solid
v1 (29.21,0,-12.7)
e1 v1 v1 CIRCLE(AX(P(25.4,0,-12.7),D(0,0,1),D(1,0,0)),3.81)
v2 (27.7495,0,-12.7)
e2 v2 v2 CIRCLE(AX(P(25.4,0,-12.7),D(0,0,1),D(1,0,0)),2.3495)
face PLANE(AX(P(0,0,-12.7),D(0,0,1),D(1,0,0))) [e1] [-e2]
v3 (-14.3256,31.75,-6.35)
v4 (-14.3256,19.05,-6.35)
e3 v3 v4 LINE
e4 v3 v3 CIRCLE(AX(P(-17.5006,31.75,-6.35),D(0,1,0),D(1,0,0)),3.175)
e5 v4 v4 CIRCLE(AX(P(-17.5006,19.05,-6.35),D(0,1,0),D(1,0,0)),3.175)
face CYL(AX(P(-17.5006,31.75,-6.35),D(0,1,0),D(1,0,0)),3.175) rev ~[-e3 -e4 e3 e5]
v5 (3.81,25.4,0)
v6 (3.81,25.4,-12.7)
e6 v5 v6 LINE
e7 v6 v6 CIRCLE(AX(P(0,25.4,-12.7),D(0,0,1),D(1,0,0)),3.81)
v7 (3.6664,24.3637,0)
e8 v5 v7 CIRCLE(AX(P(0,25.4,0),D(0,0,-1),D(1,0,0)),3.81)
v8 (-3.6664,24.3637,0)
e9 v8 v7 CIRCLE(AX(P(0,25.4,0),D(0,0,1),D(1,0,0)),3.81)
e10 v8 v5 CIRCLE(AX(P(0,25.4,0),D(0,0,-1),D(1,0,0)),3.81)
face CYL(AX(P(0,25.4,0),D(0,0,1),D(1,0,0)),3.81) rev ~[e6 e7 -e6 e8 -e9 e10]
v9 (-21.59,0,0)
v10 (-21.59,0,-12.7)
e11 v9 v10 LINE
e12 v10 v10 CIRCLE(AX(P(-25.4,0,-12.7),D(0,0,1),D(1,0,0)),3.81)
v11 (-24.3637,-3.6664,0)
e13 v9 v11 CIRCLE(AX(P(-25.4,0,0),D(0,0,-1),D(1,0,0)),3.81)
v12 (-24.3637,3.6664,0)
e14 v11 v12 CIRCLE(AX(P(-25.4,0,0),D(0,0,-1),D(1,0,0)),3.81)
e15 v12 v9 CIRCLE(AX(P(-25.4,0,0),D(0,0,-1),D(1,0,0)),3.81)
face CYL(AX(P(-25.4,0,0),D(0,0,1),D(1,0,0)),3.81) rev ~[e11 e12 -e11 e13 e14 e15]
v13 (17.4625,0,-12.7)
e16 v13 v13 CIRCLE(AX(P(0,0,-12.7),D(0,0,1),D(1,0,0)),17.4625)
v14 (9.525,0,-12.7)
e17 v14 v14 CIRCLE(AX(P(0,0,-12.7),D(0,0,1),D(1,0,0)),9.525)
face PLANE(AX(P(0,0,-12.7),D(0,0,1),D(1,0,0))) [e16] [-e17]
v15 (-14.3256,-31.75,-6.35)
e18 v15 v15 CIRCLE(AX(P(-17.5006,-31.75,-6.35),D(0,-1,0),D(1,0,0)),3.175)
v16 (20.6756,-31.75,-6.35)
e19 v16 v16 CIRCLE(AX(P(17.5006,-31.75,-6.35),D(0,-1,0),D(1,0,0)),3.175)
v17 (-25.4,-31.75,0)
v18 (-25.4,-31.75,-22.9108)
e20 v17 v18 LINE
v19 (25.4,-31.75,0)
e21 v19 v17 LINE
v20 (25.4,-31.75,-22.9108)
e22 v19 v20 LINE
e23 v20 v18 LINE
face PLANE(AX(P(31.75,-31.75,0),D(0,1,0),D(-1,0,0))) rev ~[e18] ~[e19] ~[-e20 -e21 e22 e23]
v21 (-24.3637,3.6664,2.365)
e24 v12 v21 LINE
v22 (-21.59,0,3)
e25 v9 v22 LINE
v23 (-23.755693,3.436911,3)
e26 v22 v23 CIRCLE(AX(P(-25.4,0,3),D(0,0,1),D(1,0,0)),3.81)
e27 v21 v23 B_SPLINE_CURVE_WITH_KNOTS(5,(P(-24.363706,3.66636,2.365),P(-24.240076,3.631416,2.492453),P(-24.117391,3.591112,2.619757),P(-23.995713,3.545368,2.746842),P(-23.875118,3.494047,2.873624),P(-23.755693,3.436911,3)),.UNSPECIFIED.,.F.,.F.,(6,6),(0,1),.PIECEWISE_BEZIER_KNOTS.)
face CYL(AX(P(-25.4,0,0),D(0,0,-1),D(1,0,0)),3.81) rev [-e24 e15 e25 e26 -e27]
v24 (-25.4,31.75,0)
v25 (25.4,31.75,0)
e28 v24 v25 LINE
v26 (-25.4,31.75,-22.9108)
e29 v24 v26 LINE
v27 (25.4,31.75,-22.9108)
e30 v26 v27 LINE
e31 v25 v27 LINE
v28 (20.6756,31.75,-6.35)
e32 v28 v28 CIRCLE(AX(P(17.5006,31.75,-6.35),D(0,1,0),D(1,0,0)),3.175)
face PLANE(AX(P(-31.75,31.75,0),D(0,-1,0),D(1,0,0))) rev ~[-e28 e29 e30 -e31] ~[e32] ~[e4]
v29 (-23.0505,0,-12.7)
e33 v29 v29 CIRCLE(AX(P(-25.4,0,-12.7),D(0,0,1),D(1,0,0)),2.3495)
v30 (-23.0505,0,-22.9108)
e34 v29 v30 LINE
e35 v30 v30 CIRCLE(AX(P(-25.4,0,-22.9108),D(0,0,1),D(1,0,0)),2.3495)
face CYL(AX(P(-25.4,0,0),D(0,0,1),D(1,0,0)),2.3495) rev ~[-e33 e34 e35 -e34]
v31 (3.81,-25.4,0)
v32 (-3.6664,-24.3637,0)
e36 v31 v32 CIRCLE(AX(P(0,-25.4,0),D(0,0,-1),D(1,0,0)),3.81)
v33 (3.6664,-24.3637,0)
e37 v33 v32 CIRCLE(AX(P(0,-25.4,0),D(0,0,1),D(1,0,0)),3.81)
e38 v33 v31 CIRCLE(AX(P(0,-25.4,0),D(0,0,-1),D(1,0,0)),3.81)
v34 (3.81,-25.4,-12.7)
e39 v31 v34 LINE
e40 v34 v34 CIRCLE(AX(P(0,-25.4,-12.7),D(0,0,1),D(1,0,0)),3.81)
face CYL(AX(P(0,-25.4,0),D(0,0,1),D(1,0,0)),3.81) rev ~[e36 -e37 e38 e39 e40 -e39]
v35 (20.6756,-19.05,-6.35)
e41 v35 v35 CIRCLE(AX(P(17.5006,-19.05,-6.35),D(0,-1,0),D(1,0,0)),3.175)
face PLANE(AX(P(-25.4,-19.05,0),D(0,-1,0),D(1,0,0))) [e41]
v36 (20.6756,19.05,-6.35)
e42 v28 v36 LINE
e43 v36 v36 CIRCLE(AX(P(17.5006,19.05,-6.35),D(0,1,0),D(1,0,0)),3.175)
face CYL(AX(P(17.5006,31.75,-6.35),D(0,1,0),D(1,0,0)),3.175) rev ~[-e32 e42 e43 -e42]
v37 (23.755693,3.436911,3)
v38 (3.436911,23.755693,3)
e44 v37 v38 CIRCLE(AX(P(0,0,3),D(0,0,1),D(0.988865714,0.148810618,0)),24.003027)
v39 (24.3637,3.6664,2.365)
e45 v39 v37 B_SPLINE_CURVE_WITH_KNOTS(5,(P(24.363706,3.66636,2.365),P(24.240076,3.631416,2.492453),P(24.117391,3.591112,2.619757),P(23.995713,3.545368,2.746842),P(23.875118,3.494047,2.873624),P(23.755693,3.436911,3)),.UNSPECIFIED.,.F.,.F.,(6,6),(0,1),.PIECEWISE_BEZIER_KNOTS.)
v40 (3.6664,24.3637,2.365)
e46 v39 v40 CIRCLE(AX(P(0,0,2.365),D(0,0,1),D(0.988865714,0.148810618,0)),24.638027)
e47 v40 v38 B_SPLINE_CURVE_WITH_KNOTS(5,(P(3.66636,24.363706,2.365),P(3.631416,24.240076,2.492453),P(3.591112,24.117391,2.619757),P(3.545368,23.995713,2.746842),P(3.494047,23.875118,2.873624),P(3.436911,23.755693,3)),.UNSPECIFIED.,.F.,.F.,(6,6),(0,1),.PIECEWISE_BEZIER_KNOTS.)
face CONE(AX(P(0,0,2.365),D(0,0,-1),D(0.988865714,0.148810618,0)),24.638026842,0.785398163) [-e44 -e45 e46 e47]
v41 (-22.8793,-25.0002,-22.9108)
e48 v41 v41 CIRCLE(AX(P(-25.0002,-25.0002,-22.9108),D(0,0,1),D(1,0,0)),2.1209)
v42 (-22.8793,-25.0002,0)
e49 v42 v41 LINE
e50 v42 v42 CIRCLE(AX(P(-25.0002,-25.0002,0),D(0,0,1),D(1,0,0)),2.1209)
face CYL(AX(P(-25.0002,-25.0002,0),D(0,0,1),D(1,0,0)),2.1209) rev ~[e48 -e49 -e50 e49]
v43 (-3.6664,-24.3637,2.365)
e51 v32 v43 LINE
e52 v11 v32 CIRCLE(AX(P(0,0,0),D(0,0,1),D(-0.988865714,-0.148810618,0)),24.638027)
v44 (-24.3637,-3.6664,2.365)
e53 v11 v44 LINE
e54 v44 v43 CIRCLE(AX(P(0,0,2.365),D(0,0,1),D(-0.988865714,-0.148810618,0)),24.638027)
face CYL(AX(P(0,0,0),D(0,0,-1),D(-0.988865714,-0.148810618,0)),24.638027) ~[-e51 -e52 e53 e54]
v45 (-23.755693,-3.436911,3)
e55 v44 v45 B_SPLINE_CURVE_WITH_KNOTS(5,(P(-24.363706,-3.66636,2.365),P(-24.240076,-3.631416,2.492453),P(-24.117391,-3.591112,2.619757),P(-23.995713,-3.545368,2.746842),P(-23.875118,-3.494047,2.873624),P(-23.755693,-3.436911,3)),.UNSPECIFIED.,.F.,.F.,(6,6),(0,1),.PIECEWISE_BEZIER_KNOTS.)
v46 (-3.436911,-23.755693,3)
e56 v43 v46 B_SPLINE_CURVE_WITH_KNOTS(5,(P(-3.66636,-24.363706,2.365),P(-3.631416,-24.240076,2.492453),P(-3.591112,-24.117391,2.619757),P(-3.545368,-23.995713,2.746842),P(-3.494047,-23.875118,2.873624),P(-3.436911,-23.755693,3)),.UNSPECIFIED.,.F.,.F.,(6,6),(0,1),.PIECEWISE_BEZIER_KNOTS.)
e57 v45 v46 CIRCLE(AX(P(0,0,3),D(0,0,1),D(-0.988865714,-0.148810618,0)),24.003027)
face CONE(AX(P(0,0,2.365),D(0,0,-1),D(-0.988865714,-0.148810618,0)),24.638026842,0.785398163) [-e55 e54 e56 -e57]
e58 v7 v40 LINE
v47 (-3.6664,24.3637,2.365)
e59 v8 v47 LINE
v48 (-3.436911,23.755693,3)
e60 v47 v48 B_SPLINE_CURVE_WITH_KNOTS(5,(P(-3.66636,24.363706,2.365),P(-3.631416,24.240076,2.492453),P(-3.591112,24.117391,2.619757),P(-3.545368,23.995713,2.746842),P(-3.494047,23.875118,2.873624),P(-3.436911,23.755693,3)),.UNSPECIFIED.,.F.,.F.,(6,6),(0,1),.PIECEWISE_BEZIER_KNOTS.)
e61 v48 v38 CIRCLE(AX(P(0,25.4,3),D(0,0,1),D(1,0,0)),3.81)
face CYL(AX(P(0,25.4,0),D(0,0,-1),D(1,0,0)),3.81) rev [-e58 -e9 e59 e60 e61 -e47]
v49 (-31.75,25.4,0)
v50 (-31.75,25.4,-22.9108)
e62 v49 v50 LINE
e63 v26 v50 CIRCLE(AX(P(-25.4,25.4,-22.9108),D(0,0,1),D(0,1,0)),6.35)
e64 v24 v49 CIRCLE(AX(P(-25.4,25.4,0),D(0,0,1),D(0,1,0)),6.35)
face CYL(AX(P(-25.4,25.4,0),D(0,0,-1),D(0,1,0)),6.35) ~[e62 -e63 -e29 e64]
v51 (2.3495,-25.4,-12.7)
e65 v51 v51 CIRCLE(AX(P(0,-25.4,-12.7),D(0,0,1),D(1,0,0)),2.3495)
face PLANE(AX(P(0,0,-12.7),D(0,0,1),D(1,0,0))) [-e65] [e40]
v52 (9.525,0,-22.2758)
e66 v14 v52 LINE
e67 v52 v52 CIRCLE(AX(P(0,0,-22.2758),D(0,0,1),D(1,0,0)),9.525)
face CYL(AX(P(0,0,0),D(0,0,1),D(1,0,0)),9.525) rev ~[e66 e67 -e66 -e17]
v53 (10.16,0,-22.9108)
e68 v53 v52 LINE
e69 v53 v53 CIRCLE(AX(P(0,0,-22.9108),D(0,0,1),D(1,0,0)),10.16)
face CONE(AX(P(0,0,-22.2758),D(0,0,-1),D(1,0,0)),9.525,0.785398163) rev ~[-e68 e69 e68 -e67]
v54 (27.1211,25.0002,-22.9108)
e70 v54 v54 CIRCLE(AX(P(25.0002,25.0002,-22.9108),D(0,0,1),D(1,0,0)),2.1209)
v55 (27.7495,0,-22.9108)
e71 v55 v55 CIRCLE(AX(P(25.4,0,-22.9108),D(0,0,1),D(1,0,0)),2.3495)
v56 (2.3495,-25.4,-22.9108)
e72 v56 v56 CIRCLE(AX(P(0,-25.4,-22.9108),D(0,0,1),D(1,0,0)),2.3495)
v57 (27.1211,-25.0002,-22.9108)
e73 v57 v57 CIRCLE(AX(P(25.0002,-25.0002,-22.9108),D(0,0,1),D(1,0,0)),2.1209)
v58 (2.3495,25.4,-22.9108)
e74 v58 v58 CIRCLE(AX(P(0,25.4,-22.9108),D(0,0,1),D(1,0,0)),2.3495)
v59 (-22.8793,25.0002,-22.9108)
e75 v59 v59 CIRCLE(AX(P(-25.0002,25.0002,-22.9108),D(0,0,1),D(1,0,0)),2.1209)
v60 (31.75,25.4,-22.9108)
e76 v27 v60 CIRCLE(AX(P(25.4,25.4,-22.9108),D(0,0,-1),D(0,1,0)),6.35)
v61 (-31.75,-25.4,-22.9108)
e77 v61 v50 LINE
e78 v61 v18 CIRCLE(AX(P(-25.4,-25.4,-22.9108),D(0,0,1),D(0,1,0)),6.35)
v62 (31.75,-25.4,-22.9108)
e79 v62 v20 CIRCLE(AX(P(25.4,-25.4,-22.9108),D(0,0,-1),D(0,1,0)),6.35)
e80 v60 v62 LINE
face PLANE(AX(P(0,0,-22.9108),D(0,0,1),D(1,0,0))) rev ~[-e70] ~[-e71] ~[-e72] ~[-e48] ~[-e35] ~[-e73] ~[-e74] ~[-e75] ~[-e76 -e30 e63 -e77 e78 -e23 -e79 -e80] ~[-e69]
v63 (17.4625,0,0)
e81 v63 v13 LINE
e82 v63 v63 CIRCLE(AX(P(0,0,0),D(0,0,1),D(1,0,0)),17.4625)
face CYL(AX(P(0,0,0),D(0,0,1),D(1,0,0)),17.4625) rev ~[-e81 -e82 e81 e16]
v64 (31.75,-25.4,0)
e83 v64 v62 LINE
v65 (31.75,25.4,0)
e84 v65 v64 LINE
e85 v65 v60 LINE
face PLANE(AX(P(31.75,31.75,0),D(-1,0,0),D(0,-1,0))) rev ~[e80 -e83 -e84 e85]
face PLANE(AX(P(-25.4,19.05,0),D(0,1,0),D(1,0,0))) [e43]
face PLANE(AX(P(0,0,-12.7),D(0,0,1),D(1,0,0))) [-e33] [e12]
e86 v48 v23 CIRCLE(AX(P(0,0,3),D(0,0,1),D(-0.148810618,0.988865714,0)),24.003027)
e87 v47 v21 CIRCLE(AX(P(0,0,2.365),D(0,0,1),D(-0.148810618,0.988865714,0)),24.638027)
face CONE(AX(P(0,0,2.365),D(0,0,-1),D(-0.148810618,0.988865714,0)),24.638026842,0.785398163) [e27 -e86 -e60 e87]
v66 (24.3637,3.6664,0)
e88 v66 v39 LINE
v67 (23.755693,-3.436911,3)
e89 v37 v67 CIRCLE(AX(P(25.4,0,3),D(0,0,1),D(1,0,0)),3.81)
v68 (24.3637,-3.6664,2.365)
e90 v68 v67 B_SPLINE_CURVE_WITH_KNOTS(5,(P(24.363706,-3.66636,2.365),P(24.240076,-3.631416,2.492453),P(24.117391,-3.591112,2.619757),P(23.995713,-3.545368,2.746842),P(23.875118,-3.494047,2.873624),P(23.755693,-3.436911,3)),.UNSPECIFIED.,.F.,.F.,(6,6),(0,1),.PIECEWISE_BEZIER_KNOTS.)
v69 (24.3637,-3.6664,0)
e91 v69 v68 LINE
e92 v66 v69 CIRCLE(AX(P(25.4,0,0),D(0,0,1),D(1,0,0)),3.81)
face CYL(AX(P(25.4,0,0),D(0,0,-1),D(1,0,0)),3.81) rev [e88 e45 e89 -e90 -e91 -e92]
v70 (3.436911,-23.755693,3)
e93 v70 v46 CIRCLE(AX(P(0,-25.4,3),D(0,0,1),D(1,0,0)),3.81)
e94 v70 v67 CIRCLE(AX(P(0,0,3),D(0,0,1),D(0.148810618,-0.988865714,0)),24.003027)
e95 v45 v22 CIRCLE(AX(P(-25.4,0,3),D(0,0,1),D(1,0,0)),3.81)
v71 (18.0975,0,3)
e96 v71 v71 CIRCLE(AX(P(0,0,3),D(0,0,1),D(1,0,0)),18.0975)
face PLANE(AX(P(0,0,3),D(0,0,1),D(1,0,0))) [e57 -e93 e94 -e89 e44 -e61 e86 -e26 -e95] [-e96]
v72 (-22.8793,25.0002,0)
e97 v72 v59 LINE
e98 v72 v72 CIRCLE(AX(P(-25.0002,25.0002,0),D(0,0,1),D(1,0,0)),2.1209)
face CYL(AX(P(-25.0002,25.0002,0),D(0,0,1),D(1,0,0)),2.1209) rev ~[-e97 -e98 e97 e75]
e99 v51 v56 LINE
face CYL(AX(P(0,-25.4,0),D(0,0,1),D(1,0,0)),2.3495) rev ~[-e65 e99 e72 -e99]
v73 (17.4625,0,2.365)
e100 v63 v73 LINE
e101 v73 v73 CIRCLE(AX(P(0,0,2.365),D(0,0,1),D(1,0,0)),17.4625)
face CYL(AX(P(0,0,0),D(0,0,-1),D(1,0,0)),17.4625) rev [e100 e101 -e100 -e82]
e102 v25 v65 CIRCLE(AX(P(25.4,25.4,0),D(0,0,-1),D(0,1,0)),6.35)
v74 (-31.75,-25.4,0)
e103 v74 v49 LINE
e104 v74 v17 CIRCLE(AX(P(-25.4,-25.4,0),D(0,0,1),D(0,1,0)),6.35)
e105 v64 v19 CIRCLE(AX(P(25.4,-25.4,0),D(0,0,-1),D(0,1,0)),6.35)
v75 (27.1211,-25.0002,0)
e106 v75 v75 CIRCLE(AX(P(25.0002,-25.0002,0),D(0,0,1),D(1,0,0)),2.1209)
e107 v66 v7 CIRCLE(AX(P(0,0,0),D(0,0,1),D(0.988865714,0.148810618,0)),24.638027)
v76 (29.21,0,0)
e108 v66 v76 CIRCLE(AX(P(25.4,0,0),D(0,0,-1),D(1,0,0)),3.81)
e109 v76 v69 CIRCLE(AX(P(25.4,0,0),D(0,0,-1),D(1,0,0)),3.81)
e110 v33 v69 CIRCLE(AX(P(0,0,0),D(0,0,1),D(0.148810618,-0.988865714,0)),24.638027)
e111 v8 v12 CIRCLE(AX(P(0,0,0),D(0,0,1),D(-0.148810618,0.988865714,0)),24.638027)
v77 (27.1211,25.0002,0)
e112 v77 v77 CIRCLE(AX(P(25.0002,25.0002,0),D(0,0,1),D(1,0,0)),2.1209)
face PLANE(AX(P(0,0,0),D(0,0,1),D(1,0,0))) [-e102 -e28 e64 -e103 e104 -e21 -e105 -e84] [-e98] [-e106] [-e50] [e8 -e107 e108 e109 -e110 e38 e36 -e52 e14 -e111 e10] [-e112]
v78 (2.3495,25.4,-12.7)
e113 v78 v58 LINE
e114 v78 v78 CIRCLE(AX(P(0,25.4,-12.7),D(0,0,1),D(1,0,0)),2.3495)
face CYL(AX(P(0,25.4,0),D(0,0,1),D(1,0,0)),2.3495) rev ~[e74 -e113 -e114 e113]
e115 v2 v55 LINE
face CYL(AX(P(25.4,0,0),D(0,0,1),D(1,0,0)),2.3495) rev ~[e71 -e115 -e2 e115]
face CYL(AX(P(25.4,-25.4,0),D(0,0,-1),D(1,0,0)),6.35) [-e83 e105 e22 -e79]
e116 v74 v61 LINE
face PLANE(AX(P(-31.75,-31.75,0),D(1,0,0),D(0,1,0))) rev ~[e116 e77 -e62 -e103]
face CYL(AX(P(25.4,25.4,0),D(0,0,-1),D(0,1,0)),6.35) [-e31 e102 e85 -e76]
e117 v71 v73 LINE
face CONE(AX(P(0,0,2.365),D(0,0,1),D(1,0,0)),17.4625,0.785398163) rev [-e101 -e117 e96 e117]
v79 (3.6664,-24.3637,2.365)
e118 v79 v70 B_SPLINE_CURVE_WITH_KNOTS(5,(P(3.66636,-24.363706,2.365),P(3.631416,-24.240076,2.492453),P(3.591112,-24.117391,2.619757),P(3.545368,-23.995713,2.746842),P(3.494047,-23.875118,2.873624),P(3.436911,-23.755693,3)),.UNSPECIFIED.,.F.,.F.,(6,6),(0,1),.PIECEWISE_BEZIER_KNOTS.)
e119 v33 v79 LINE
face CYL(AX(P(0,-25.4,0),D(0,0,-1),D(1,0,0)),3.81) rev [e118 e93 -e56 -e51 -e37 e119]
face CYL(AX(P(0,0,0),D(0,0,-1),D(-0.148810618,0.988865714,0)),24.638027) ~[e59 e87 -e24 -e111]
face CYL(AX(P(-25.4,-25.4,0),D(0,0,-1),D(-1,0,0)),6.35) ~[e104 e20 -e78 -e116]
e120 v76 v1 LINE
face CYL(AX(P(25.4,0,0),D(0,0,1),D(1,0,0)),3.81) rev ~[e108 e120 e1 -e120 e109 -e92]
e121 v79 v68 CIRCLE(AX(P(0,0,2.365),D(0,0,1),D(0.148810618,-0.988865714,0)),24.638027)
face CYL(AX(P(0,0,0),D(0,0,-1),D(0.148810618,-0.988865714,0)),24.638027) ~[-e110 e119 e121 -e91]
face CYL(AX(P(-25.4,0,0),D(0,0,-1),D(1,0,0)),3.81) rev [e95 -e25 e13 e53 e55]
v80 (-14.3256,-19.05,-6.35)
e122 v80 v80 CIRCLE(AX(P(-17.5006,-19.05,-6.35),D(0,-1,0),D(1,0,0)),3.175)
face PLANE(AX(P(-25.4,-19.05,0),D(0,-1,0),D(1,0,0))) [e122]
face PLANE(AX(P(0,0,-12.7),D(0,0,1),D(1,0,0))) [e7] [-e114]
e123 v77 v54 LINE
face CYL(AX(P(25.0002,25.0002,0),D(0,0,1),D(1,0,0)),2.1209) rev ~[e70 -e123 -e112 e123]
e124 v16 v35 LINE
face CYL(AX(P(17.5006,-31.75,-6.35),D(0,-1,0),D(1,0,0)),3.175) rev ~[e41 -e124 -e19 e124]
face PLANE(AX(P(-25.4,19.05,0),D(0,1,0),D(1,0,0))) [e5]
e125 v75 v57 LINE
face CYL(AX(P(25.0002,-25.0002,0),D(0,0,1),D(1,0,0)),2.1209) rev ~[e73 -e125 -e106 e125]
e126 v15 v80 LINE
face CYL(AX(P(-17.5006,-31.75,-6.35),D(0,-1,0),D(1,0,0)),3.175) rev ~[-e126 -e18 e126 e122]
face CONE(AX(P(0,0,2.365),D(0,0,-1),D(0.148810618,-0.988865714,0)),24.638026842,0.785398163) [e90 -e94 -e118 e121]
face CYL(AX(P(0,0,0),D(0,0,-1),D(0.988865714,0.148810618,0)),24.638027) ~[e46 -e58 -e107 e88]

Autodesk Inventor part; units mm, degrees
ref_plane "YZ Plane" through (0, 0, 0) normal (1, 0, 0) x (0, 1, 0)
ref_plane "XZ Plane" through (0, 0, 0) normal (0, 1, 0) x (-1, 0, 0)
ref_plane "XY Plane" through (0, 0, 0) normal (0, 0, 1) x (1, 0, 0)
sketch "Sketch1" plane through (0, 0, 0) normal (0, 0, 1) x (1, 0, 0)
  circle A0 centre (0, 0) radius 9.525
  circle A1 centre (0, 0) radius 17.4625
  line L0 (-31.75, 31.75) -> (31.75, 31.75)
  line L1 (31.75, 31.75) -> (31.75, -31.75)
  line L2 (31.75, -31.75) -> (-31.75, -31.75)
  line L3 (-31.75, -31.75) -> (-31.75, 31.75)
  line L4 (-31.75, 0) -> (31.75, 0) construction
  line L5 (0, 31.75) -> (0, -31.75) construction
  circle A2 centre (0, 25.4) radius 2.3495
  circle A3 centre (-25.4, 0) radius 2.3495
  circle A4 centre (25.4, 0) radius 2.3495
  circle A5 centre (0, -25.4) radius 2.3495
  line L6 (-27.0002, 27.0002) -> (27.0002, 27.0002) construction
  line L7 (27.0002, 27.0002) -> (27.0002, -27.0002) construction
  line L8 (27.0002, -27.0002) -> (-27.0002, -27.0002) construction
  line L9 (-27.0002, -27.0002) -> (-27.0002, 27.0002) construction
  circle A6 centre (-25.0002, 25.0002) radius 2 construction
  circle A7 centre (25.0002, 25.0002) radius 2 construction
  circle A8 centre (25.0002, -25.0002) radius 2 construction
  circle A9 centre (-25.0002, -25.0002) radius 2 construction
  circle A10 centre (0, 25.4) radius 3.81
  circle A11 centre (25.4, 0) radius 3.81
  circle A12 centre (-25.4, 0) radius 3.81
  circle A13 centre (0, -25.4) radius 3.81
  arc A14 (-24.3637, -3.6664) -> (-3.6664, -24.3637) centre (0, 0) ccw
  arc A15 (3.6664, -24.3637) -> (24.3637, -3.6664) centre (0, 0) ccw
  arc A16 (24.3637, 3.6664) -> (3.6664, 24.3637) centre (0, 0) ccw
  arc A17 (-3.6664, 24.3637) -> (-24.3637, 3.6664) centre (0, 0) ccw
  circle A18 centre (-25.0002, 25.0002) radius 2.1209
  circle A19 centre (25.0002, 25.0002) radius 2.1209
  circle A20 centre (25.0002, -25.0002) radius 2.1209
  circle A21 centre (-25.0002, -25.0002) radius 2.1209
  point P0 (0, 27.0002)
  point P1 (-27.0002, 0)
  dimension "d0" = 19.05
  dimension "d2" = 63.5
  dimension "d3" = 63.5
  dimension "d4" = 4.699
  dimension "d6" = 25.4
  dimension "d7" = 25.4
  dimension "d8" = 25.4
  dimension "d9" = 25.4
  dimension "d10" = 34.925
  dimension "d13" = 54.0004
  dimension "d14" = 54.0004
  dimension "d15" = 4
  dimension "d16" = 24.638
  dimension "d17" = 7.62
  dimension "d26" = 4.2418
extrude "Extrusion1" add sketch "Sketch1" against normal blind 22.9108 contours A1 | L0 L1 L2 L3 | A10 | A10 A16 A11 A15 A13 A14 A12 A17 | A12 | A11 | A13
extrude "Extrusion2" cut sketch "Sketch1" against normal blind 12.7 contours A1 | A10 | A12 | A11 | A13
extrude "Extrusion3" add sketch "Sketch1" along normal blind 3 contours A10 A16 A11 A15 A13 A14 A12 A17
fillet "Fillet1" radius 6.35 4 edges at (-31.75, 31.75, -11.4554) (31.75, 31.75, -11.4554) (-31.75, -31.75, -11.4554) (31.75, -31.75, -11.4554)
chamfer "Chamfer1" distance 0.635 angle 45 6 edges at (-17.4625, 0, 3) (-9.525, 0, -22.9108) (17.4217, -17.4217, 3) (-17.4217, -17.4217, 3) (-17.4217, 17.4217, 3) (17.4217, 17.4217, 3)
thread "Thread1" size "10-32 UNF" class "2B" standard "ANSI Unified Screw Threads" full length
thread "Thread2" size "10-32 UNF" class "2B" standard "ANSI Unified Screw Threads" full length
thread "Thread3" size "10-32 UNF" class "2B" standard "ANSI Unified Screw Threads" full length
thread "Thread4" size "10-32 UNF" class "2B" standard "ANSI Unified Screw Threads" full length
sketch "Sketch2" plane through (-25.4, -31.75, 0) normal (0, -1, 0) x (1, 0, 0)
  line L0 (50.8, -22.9108) -> (0, -22.9108) projected
  line L1 (7.8994, -6.35) -> (42.9006, -6.35) construction
  circle A0 centre (7.8994, -6.35) radius 3.175
  circle A1 centre (42.9006, -6.35) radius 3.175
  line L2 (25.4, -22.9108) -> (25.4, 0) construction
  point P0 (25.4, -6.35)
  dimension "d35" = 35.0012
  dimension "d37" = 6.35
  dimension "d38" = 16.5608
extrude "Extrusion4" cut sketch "Sketch2" against normal blind 12.7
sketch "Sketch3" plane through (-25.4, 31.75, 0) normal (0, 1, 0) x (1, 0, 0)
  line L0 (0, 22.9108) -> (50.8, 22.9108) projected
  line L1 (0, 0) -> (50.8, 0) projected
  line L2 (7.8994, 6.35) -> (42.9006, 6.35) construction
  line L3 (25.4, 22.9108) -> (25.4, 0) construction
  circle A0 centre (7.8994, 6.35) radius 3.175
  circle A1 centre (42.9006, 6.35) radius 3.175
  point P0 (25.4, 6.35)
  dimension "d41" = 6.35
  dimension "d43" = 16.5608
  dimension "d44" = 35.0012
extrude "Extrusion5" cut sketch "Sketch3" against normal blind 12.7
thread "Thread5" size "1/4-20 UNC" class "2B" standard "ANSI Unified Screw Threads" full length
thread "Thread6" size "1/4-20 UNC" class "2B" standard "ANSI Unified Screw Threads" full length
thread "Thread7" size "1/4-20 UNC" class "2B" standard "ANSI Unified Screw Threads" full length
thread "Thread8" size "1/4-20 UNC" class "2B" standard "ANSI Unified Screw Threads" full length
properties part number "P80 Motor Block" material "Steel"
